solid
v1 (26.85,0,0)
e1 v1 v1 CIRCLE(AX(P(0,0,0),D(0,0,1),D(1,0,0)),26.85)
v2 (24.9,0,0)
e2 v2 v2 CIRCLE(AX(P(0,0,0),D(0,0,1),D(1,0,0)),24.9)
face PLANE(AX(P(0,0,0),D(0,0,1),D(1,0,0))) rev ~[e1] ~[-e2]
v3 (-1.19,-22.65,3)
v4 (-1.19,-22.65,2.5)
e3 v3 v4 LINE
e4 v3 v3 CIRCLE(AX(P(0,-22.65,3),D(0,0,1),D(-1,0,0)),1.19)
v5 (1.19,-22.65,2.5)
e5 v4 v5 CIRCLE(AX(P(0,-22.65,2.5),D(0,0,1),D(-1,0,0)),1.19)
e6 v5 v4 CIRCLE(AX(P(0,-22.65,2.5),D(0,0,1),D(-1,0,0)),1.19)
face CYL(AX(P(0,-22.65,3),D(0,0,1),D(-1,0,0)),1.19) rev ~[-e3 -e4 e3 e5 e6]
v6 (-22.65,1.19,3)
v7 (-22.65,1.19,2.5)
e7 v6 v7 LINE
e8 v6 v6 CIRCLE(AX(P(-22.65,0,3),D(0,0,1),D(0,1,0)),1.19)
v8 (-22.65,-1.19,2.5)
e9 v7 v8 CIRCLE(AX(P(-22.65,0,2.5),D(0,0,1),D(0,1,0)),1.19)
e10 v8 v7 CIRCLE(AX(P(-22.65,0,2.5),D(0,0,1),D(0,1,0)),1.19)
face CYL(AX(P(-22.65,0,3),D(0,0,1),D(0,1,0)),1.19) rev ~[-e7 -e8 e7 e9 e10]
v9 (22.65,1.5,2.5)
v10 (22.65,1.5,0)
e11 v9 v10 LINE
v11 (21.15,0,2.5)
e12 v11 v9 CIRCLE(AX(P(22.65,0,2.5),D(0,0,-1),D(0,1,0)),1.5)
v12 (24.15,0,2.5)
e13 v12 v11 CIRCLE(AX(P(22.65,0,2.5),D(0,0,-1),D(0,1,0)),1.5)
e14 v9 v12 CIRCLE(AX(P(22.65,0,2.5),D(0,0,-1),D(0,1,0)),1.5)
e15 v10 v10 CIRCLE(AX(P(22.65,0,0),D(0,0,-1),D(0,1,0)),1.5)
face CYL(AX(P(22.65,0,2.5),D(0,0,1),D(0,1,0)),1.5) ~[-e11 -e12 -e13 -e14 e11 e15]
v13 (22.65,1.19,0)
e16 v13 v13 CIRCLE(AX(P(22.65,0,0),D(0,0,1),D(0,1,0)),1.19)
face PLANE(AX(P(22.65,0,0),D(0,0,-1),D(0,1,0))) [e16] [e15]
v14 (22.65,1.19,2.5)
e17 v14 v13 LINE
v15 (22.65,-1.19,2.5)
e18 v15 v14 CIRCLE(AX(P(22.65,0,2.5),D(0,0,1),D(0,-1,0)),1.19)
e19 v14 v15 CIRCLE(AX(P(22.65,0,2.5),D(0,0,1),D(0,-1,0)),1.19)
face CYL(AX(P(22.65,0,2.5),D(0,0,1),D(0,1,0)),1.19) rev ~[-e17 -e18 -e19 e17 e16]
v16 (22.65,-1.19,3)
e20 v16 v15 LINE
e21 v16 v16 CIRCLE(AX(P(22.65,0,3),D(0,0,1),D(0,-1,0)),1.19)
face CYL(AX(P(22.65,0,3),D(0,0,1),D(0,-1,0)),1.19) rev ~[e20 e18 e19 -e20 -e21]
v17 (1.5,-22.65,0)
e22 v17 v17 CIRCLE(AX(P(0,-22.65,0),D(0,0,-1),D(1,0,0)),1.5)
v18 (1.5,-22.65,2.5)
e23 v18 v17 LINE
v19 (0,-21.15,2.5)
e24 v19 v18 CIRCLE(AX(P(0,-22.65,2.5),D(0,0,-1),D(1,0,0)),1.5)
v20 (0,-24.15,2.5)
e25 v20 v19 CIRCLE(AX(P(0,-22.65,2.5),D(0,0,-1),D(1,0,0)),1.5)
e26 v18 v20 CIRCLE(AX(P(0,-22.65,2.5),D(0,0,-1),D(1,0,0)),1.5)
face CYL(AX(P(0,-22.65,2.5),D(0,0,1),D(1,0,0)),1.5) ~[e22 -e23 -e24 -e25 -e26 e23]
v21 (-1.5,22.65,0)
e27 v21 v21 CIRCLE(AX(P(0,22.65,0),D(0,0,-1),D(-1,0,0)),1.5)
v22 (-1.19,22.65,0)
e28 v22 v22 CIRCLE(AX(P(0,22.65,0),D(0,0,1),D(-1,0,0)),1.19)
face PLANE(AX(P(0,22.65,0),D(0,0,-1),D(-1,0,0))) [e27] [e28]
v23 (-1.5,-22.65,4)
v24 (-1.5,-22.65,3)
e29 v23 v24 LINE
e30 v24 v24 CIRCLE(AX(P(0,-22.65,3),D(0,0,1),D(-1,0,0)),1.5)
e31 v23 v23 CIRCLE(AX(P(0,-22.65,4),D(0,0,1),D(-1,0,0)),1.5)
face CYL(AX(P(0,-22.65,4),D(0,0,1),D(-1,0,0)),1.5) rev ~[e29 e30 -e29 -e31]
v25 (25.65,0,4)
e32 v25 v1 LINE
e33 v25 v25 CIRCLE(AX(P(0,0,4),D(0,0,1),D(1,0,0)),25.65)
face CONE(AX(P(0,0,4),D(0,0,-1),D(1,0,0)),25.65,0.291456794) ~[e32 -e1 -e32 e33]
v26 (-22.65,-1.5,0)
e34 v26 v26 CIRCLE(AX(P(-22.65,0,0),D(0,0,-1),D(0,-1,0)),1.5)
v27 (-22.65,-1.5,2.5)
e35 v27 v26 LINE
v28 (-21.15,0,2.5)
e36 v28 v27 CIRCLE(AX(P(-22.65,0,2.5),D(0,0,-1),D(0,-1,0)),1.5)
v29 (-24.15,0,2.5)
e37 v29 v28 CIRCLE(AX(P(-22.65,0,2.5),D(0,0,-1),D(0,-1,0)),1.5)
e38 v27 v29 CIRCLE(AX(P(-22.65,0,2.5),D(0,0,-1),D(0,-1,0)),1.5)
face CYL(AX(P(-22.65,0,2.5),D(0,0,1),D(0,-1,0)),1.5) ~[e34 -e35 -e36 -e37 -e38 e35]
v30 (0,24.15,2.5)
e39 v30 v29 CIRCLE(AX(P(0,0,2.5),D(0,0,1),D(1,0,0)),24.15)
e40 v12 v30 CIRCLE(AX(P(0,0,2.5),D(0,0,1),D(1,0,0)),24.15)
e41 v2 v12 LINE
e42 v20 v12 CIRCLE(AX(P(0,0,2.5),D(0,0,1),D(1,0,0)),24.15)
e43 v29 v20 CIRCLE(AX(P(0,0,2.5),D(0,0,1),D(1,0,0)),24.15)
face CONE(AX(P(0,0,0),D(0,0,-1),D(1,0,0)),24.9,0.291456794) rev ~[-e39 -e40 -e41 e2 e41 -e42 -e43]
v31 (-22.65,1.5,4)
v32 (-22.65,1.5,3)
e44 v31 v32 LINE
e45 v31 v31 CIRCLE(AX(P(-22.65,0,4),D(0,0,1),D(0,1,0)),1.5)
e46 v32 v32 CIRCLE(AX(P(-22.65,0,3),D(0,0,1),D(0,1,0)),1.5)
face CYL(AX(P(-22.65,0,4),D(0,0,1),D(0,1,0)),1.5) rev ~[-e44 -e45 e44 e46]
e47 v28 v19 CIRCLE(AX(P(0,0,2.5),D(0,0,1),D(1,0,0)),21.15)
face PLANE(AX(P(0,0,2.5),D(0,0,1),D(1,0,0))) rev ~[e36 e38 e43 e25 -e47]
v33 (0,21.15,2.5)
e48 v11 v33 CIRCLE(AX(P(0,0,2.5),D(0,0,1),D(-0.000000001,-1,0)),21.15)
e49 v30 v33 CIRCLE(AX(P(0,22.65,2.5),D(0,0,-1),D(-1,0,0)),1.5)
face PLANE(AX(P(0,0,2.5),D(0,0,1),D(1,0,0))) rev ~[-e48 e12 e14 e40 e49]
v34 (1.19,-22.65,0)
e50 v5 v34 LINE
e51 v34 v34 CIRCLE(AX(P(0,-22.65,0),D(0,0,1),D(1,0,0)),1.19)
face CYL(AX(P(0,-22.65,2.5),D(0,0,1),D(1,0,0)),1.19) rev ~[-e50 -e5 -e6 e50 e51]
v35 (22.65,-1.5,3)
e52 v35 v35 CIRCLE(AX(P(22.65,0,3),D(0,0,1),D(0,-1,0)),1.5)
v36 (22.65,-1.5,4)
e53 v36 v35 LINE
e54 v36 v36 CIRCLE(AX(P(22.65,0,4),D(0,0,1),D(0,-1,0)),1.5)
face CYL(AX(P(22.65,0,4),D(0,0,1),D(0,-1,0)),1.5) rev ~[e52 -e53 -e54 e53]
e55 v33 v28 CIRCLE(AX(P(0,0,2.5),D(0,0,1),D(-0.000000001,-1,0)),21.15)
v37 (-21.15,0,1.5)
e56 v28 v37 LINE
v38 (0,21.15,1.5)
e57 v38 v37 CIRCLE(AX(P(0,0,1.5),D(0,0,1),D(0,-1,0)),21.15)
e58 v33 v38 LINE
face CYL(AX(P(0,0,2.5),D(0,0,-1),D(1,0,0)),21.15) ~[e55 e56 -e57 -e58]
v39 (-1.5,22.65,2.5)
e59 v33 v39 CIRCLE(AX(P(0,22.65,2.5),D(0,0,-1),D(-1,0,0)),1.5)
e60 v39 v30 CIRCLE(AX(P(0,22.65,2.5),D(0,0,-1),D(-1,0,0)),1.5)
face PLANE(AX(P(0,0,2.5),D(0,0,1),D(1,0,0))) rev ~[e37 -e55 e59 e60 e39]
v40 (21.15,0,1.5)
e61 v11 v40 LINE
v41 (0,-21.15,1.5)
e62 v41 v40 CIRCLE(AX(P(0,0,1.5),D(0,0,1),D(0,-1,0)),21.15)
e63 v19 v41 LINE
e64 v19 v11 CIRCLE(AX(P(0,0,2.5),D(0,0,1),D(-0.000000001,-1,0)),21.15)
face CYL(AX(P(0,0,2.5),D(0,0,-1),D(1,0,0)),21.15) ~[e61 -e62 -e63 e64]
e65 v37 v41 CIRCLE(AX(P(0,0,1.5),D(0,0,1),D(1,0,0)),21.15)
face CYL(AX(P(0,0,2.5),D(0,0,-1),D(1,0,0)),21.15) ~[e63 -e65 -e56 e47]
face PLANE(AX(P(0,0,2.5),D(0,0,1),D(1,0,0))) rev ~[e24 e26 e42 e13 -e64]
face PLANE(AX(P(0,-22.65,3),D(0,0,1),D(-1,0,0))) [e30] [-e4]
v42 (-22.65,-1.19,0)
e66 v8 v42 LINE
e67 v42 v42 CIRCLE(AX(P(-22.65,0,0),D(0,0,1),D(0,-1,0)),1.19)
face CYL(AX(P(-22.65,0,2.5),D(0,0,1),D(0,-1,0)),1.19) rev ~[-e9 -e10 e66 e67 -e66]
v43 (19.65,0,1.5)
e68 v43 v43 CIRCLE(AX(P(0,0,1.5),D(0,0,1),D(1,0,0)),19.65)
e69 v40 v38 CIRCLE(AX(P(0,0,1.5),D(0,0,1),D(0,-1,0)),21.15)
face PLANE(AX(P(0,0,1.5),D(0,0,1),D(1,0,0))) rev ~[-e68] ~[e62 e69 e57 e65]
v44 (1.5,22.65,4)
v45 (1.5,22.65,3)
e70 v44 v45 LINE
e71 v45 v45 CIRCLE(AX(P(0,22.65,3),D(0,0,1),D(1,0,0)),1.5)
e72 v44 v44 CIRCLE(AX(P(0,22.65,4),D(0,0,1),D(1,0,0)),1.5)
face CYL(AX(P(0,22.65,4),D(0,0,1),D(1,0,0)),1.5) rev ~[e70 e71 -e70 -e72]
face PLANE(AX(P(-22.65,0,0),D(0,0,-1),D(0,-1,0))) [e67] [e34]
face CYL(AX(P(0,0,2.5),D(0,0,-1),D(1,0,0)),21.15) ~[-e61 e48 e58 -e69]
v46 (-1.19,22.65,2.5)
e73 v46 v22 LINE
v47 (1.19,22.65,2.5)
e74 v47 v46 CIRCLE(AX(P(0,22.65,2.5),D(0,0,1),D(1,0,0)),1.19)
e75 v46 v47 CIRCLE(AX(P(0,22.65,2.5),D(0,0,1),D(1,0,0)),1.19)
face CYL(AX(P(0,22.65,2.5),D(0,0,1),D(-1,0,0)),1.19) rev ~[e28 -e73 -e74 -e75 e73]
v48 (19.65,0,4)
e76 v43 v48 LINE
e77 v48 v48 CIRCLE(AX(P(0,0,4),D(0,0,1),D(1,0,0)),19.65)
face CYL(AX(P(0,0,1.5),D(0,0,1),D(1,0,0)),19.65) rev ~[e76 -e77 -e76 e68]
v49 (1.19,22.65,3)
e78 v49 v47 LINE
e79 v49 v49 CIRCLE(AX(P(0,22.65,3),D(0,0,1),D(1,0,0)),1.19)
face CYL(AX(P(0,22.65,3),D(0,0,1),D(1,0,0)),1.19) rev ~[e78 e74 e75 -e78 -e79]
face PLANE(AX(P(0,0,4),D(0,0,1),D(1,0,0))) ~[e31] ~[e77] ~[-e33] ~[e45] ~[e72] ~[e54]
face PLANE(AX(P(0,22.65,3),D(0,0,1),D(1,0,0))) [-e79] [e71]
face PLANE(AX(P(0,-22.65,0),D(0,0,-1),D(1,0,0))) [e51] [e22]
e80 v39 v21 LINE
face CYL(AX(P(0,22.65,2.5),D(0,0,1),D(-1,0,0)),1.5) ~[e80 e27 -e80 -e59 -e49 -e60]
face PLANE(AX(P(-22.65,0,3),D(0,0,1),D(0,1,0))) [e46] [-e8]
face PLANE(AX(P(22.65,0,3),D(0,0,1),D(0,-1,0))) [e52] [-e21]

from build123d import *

# Parameters (mm, degrees)
SKETCH001_R              = 1.5
POCKET_DEPTH             = 1
POLARPATTERN_COUNT       = 4
SKETCH002_R              = 1.19
POCKET001_DEPTH          = 155.098074
POLARPATTERN001_COUNT    = 4
SKETCH003_R              = 1.5
PAD_DEPTH                = 2.5
POLARPATTERN002_COUNT    = 4
POLARPATTERN002_FACE38_R = 1.19
POCKET002_DEPTH          = 154.598074
POLARPATTERN003_COUNT    = 4


with BuildPart() as part:
    # Sketch → Revolution (revolve)
    with BuildSketch(Plane.XZ):
        Polygon((19.65, 1.5), (19.65, 4), (25.65, 4), (26.85, 0), (24.9, 0), (24.15, 2.5), (21.15, 2.5), (21.15, 1.5), align=None)
    revolve(axis=Axis((0, 0, 0), (0, 0, 1)))

    # Sketch001 (on Face2 of Revolution) → Pocket (cut)
    with BuildSketch(Plane(origin=(0, 0, 4), x_dir=(-1, 0, 0), z_dir=(0, 0, 1))):
        with Locations((0, 22.65)):
            Circle(SKETCH001_R)
    pocket = extrude(amount=-POCKET_DEPTH, mode=Mode.SUBTRACT)

    # PolarPattern: Pocket ×4 about axis
    polarpattern_axis = Axis((0, 0, 4), (0, 0, 1))
    for i in range(1, POLARPATTERN_COUNT):
        add(pocket.rotate(polarpattern_axis, i * 360 / POLARPATTERN_COUNT), mode=Mode.SUBTRACT)

    # Sketch002 (on Face14 of PolarPattern) → Pocket001 (cut, through all)
    with BuildSketch(Plane(origin=(0, 0, 3), x_dir=(-1, 0, 0), z_dir=(0, 0, 1))):
        with Locations((0, 22.65)):
            Circle(SKETCH002_R)
    pocket001 = extrude(amount=-POCKET001_DEPTH, mode=Mode.SUBTRACT)

    # PolarPattern001: Pocket001 ×4 about axis
    polarpattern001_axis = Axis((0, 0, 3), (0, 0, 1))
    for i in range(1, POLARPATTERN001_COUNT):
        add(pocket001.rotate(polarpattern001_axis, i * 360 / POLARPATTERN001_COUNT), mode=Mode.SUBTRACT)

    # Sketch003 (on Face10 of PolarPattern001) → Pad (join)
    with BuildSketch(Plane(origin=(0, 0, 2.5), x_dir=(1, 0, 0), z_dir=(0, 0, -1))):
        with Locations((0, 22.65)):
            Circle(SKETCH003_R)
    pad = extrude(amount=PAD_DEPTH)

    # PolarPattern002: Pad ×4 about axis
    polarpattern002_axis = Axis((0, 0, 2.5), (0, 0, -1))
    for i in range(1, POLARPATTERN002_COUNT):
        add(pad.rotate(polarpattern002_axis, i * 360 / POLARPATTERN002_COUNT))

    # PolarPattern002 Face38 → Pocket002 (cut, through all)
    with BuildSketch(Plane(origin=(22.65, 0, 2.5), x_dir=(0, 1, 0), z_dir=(0, 0, 1))):
        Circle(POLARPATTERN002_FACE38_R)
    pocket002 = extrude(amount=-POCKET002_DEPTH, mode=Mode.SUBTRACT)

    # PolarPattern003: Pocket002 ×4 about axis
    polarpattern003_axis = Axis((0, 0, 0), (0, 0, 1))
    for i in range(1, POLARPATTERN003_COUNT):
        add(pocket002.rotate(polarpattern003_axis, i * 360 / POLARPATTERN003_COUNT), mode=Mode.SUBTRACT)


solid = part.part
